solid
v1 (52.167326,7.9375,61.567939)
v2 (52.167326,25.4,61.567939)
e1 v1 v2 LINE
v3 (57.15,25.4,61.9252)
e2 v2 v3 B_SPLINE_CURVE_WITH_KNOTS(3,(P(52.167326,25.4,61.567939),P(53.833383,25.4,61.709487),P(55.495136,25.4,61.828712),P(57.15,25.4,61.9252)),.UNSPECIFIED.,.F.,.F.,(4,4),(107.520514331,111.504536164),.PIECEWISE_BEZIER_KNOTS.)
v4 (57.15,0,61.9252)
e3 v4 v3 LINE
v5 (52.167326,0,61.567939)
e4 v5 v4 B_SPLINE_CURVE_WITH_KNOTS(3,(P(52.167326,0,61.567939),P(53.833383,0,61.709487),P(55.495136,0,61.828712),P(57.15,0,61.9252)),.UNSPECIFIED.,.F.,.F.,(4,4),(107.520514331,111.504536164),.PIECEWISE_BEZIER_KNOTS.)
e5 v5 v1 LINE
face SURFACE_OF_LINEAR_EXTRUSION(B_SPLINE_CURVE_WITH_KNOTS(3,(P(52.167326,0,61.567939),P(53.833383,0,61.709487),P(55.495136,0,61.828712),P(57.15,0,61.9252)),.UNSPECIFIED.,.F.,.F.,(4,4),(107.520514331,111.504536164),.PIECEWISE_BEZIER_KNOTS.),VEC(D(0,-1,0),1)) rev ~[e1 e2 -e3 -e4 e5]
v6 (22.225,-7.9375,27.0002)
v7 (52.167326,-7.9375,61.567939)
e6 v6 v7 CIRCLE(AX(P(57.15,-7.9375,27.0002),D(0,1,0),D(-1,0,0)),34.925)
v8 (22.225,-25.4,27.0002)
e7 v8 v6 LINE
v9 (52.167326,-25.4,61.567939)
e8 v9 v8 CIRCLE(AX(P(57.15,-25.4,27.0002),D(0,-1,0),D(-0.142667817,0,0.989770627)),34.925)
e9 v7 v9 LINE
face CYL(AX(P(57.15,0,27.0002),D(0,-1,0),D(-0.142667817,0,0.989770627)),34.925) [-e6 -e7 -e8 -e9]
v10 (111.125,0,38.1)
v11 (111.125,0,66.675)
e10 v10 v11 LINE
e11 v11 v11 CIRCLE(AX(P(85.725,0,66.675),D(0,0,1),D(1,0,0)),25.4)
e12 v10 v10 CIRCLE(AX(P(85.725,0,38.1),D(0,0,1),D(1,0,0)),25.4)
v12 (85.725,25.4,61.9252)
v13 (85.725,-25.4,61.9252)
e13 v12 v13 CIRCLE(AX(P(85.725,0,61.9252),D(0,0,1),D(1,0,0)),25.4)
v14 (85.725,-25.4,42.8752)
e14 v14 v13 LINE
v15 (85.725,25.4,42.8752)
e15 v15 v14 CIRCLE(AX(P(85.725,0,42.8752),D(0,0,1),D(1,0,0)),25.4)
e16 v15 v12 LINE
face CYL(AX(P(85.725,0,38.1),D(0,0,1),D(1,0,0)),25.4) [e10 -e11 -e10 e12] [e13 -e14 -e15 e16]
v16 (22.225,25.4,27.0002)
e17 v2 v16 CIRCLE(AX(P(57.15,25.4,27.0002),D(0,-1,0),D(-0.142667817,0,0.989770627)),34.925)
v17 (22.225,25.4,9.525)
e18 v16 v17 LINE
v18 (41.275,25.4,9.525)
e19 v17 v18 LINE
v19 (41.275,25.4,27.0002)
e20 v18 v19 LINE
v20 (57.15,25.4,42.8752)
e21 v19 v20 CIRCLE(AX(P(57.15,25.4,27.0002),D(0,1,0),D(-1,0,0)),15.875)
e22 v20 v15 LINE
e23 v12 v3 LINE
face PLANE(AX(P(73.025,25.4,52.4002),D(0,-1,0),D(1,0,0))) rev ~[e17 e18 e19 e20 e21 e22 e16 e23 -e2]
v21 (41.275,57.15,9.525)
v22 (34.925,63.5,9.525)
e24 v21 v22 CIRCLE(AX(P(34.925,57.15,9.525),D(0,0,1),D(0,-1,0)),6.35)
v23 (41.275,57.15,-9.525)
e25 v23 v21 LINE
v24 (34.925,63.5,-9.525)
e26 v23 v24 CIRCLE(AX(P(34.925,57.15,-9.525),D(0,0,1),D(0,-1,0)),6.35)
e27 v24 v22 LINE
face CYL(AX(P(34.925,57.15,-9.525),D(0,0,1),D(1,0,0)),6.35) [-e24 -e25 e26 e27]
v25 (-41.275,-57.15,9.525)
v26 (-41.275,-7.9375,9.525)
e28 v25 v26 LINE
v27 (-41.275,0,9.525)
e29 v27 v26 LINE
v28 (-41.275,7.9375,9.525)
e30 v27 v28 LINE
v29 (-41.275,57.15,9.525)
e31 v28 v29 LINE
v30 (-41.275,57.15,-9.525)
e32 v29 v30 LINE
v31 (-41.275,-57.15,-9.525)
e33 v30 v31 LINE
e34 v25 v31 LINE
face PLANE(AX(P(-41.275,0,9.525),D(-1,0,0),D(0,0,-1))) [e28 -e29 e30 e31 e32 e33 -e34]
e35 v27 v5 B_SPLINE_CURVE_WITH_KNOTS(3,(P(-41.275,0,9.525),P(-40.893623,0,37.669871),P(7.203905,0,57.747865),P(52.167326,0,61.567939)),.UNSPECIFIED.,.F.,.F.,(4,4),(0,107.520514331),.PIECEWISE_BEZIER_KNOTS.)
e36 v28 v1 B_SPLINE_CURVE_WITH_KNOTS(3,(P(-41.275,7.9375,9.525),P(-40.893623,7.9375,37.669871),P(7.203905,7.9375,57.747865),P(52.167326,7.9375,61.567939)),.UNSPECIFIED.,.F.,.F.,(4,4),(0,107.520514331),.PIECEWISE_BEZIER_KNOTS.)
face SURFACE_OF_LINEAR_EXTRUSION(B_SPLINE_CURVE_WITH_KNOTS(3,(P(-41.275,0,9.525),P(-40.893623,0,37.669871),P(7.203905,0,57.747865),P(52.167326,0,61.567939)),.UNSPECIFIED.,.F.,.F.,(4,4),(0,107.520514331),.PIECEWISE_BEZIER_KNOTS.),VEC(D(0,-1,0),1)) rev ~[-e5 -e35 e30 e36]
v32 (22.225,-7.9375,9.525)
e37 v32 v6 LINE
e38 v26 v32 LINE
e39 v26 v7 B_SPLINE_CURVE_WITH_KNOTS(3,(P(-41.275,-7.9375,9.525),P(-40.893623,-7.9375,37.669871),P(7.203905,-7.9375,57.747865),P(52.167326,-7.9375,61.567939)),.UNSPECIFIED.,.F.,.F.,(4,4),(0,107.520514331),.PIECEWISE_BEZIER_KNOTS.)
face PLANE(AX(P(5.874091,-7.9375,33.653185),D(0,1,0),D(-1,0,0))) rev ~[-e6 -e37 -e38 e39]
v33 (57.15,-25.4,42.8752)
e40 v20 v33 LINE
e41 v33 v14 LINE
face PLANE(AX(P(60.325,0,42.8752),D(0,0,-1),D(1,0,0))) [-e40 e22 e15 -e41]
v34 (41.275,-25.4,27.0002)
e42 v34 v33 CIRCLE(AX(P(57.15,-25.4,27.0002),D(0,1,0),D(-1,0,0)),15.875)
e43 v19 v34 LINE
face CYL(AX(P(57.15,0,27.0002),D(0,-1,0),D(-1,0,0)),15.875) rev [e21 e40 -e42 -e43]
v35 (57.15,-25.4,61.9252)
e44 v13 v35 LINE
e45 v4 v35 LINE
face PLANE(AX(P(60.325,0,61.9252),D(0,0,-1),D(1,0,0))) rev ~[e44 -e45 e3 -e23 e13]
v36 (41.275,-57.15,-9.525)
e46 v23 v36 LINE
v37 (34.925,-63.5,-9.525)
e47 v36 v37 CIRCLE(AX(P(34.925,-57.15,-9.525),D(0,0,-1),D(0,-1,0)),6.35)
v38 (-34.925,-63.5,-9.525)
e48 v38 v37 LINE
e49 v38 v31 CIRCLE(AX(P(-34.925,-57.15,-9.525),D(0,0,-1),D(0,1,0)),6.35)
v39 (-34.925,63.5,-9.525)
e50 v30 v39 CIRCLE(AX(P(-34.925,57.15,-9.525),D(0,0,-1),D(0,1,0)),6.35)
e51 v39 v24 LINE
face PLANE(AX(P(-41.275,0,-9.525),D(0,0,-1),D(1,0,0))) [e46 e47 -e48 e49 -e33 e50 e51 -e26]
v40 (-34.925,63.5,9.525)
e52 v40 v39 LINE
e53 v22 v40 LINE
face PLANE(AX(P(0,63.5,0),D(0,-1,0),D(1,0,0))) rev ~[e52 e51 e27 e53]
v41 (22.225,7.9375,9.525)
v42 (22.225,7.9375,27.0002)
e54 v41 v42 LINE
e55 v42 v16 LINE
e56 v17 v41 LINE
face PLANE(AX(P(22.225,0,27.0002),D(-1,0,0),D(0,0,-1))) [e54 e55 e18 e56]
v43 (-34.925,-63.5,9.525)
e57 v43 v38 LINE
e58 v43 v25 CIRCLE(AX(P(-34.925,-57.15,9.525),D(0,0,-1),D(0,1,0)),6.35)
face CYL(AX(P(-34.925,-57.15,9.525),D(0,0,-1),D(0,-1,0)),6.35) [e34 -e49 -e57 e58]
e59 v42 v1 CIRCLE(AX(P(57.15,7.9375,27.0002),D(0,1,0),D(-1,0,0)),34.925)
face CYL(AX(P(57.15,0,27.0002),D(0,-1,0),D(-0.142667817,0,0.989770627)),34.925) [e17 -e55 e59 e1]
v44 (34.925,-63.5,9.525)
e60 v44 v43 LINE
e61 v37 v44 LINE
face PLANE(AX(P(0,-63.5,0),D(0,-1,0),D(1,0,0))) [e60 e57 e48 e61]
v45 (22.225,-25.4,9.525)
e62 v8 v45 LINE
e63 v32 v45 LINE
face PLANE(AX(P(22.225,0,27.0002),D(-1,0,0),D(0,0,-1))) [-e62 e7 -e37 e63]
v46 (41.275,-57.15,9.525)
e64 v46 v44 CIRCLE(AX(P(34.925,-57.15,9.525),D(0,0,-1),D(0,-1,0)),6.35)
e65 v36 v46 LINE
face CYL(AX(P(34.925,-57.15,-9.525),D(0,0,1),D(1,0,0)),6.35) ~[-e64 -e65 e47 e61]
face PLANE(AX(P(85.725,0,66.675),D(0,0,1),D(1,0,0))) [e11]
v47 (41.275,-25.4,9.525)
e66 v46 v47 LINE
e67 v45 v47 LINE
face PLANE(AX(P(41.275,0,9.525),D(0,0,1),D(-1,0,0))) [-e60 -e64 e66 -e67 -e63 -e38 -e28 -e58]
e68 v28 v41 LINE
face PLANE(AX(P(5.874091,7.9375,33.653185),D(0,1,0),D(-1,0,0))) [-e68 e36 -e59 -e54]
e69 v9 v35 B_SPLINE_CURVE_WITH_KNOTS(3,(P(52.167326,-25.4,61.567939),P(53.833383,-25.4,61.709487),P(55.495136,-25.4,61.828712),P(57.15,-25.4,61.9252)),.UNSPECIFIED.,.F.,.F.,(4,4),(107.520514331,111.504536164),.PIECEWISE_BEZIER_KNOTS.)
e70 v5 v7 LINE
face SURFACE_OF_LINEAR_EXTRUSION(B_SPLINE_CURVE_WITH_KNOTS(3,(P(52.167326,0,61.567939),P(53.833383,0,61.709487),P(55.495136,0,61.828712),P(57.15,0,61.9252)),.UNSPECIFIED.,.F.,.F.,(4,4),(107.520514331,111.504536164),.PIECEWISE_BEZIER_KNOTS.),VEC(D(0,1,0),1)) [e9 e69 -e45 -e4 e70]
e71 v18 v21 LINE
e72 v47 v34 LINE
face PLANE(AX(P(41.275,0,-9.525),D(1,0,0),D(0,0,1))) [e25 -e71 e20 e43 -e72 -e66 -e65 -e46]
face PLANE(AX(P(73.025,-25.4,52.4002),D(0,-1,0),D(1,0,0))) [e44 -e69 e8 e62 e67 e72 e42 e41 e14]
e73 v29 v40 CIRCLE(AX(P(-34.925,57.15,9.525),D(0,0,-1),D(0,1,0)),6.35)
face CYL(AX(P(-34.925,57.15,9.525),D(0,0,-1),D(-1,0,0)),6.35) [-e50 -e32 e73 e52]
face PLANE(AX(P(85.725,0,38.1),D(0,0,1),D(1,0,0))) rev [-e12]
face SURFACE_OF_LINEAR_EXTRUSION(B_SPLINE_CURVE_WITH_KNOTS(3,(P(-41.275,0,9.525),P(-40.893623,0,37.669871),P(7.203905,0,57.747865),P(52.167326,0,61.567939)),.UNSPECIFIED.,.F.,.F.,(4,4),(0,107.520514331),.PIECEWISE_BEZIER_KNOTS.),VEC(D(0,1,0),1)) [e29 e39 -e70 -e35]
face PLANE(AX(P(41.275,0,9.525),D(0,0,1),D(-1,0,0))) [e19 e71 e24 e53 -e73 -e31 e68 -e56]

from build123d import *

# Parameters (mm, degrees)
F1_DEPTH = 63.5
F2_DEPTH = 25.4
F3_DEPTH = 7.9375
F0_W     = 25.4
F0_H     = 19.05
F4_DEPTH = 25.4
F6_R     = 6.35


with BuildPart() as f1:
    # F0 (on Front) → F1 (new body, symmetric)
    with BuildSketch(Plane.XZ):
        Polygon((22.225, 9.525), (-41.275, 9.525), (-41.275, -9.525), (41.275, -9.525), (41.275, 9.525), align=None)
    extrude(amount=F1_DEPTH, both=True)

    # F0 (on Front) → F2 (join, symmetric)
    with BuildSketch(Plane.XZ):
        with BuildLine():
            Line((22.225, 27.0002), (22.225, 9.525))
            Line((22.225, 9.525), (41.275, 9.525))
            Line((41.275, 9.525), (41.275, 27.0002))
            ThreePointArc((41.275, 27.0002), (45.9246798487, 38.2255201513), (57.15, 42.8752))
            Line((57.15, 42.8752), (60.325, 42.8752))
            Line((60.325, 42.8752), (60.325, 61.9252))
            Line((60.325, 61.9252), (57.15, 61.9252))
            add(Edge.make_bspline(
                [(52.1673264767, 61.5679391445), (53.8333829915, 61.7094866202), (55.4951364751, 61.8287124743), (57.15, 61.9252)],
                knots=[107.5205143307, 107.5205143307, 107.5205143307, 107.5205143307, 111.5045361635, 111.5045361635, 111.5045361635, 111.5045361635], degree=3))
            ThreePointArc((52.1673264767, 61.5679391445), (30.7513684275, 49.8665043822), (22.225, 27.0002))
        make_face()
    extrude(amount=F2_DEPTH, both=True)

    # F0 (on Front) → F3 (join, symmetric)
    with BuildSketch(Plane.XZ):
        with BuildLine():
            add(Edge.make_bspline(
                [(-41.275, 9.525), (-40.8936231026, 37.6698712219), (7.2039048673, 57.7478653509), (52.1673264767, 61.5679391445)],
                knots=[0, 0, 0, 0, 107.5205143307, 107.5205143307, 107.5205143307, 107.5205143307], degree=3))
            Line((-41.275, 9.525), (22.225, 9.525))
            Line((22.225, 9.525), (22.225, 27.0002))
            ThreePointArc((22.225, 27.0002), (30.7513684275, 49.8665043822), (52.1673264767, 61.5679391445))
        make_face()
    extrude(amount=F3_DEPTH, both=True)

    # F0 (on Front) → F4 (join, symmetric)
    with BuildSketch(Plane.XZ):
        with Locations((73.025, 52.4002)):
            Rectangle(F0_W, F0_H)
    extrude(amount=F4_DEPTH, both=True)

    # F0 (on Front) → F5 (revolve)
    with BuildSketch(Plane.XZ):
        Polygon((85.725, 66.675), (85.725, 61.9252), (85.725, 42.8752), (85.725, 38.1), (111.125, 38.1), (111.125, 66.675), align=None)
    revolve(axis=Axis((85.725, 0, 52.3875), (0, 0, 1)))

    # F6
    f6_edges = [f1.edges().sort_by_distance(p)[0] for p in [
        (-41.275, -63.5, 0),
        (41.275, -63.5, 0),
        (41.275, 63.5, 0),
        (-41.275, 63.5, 0),
    ]]
    fillet(f6_edges, radius=F6_R)


solid = f1.part
